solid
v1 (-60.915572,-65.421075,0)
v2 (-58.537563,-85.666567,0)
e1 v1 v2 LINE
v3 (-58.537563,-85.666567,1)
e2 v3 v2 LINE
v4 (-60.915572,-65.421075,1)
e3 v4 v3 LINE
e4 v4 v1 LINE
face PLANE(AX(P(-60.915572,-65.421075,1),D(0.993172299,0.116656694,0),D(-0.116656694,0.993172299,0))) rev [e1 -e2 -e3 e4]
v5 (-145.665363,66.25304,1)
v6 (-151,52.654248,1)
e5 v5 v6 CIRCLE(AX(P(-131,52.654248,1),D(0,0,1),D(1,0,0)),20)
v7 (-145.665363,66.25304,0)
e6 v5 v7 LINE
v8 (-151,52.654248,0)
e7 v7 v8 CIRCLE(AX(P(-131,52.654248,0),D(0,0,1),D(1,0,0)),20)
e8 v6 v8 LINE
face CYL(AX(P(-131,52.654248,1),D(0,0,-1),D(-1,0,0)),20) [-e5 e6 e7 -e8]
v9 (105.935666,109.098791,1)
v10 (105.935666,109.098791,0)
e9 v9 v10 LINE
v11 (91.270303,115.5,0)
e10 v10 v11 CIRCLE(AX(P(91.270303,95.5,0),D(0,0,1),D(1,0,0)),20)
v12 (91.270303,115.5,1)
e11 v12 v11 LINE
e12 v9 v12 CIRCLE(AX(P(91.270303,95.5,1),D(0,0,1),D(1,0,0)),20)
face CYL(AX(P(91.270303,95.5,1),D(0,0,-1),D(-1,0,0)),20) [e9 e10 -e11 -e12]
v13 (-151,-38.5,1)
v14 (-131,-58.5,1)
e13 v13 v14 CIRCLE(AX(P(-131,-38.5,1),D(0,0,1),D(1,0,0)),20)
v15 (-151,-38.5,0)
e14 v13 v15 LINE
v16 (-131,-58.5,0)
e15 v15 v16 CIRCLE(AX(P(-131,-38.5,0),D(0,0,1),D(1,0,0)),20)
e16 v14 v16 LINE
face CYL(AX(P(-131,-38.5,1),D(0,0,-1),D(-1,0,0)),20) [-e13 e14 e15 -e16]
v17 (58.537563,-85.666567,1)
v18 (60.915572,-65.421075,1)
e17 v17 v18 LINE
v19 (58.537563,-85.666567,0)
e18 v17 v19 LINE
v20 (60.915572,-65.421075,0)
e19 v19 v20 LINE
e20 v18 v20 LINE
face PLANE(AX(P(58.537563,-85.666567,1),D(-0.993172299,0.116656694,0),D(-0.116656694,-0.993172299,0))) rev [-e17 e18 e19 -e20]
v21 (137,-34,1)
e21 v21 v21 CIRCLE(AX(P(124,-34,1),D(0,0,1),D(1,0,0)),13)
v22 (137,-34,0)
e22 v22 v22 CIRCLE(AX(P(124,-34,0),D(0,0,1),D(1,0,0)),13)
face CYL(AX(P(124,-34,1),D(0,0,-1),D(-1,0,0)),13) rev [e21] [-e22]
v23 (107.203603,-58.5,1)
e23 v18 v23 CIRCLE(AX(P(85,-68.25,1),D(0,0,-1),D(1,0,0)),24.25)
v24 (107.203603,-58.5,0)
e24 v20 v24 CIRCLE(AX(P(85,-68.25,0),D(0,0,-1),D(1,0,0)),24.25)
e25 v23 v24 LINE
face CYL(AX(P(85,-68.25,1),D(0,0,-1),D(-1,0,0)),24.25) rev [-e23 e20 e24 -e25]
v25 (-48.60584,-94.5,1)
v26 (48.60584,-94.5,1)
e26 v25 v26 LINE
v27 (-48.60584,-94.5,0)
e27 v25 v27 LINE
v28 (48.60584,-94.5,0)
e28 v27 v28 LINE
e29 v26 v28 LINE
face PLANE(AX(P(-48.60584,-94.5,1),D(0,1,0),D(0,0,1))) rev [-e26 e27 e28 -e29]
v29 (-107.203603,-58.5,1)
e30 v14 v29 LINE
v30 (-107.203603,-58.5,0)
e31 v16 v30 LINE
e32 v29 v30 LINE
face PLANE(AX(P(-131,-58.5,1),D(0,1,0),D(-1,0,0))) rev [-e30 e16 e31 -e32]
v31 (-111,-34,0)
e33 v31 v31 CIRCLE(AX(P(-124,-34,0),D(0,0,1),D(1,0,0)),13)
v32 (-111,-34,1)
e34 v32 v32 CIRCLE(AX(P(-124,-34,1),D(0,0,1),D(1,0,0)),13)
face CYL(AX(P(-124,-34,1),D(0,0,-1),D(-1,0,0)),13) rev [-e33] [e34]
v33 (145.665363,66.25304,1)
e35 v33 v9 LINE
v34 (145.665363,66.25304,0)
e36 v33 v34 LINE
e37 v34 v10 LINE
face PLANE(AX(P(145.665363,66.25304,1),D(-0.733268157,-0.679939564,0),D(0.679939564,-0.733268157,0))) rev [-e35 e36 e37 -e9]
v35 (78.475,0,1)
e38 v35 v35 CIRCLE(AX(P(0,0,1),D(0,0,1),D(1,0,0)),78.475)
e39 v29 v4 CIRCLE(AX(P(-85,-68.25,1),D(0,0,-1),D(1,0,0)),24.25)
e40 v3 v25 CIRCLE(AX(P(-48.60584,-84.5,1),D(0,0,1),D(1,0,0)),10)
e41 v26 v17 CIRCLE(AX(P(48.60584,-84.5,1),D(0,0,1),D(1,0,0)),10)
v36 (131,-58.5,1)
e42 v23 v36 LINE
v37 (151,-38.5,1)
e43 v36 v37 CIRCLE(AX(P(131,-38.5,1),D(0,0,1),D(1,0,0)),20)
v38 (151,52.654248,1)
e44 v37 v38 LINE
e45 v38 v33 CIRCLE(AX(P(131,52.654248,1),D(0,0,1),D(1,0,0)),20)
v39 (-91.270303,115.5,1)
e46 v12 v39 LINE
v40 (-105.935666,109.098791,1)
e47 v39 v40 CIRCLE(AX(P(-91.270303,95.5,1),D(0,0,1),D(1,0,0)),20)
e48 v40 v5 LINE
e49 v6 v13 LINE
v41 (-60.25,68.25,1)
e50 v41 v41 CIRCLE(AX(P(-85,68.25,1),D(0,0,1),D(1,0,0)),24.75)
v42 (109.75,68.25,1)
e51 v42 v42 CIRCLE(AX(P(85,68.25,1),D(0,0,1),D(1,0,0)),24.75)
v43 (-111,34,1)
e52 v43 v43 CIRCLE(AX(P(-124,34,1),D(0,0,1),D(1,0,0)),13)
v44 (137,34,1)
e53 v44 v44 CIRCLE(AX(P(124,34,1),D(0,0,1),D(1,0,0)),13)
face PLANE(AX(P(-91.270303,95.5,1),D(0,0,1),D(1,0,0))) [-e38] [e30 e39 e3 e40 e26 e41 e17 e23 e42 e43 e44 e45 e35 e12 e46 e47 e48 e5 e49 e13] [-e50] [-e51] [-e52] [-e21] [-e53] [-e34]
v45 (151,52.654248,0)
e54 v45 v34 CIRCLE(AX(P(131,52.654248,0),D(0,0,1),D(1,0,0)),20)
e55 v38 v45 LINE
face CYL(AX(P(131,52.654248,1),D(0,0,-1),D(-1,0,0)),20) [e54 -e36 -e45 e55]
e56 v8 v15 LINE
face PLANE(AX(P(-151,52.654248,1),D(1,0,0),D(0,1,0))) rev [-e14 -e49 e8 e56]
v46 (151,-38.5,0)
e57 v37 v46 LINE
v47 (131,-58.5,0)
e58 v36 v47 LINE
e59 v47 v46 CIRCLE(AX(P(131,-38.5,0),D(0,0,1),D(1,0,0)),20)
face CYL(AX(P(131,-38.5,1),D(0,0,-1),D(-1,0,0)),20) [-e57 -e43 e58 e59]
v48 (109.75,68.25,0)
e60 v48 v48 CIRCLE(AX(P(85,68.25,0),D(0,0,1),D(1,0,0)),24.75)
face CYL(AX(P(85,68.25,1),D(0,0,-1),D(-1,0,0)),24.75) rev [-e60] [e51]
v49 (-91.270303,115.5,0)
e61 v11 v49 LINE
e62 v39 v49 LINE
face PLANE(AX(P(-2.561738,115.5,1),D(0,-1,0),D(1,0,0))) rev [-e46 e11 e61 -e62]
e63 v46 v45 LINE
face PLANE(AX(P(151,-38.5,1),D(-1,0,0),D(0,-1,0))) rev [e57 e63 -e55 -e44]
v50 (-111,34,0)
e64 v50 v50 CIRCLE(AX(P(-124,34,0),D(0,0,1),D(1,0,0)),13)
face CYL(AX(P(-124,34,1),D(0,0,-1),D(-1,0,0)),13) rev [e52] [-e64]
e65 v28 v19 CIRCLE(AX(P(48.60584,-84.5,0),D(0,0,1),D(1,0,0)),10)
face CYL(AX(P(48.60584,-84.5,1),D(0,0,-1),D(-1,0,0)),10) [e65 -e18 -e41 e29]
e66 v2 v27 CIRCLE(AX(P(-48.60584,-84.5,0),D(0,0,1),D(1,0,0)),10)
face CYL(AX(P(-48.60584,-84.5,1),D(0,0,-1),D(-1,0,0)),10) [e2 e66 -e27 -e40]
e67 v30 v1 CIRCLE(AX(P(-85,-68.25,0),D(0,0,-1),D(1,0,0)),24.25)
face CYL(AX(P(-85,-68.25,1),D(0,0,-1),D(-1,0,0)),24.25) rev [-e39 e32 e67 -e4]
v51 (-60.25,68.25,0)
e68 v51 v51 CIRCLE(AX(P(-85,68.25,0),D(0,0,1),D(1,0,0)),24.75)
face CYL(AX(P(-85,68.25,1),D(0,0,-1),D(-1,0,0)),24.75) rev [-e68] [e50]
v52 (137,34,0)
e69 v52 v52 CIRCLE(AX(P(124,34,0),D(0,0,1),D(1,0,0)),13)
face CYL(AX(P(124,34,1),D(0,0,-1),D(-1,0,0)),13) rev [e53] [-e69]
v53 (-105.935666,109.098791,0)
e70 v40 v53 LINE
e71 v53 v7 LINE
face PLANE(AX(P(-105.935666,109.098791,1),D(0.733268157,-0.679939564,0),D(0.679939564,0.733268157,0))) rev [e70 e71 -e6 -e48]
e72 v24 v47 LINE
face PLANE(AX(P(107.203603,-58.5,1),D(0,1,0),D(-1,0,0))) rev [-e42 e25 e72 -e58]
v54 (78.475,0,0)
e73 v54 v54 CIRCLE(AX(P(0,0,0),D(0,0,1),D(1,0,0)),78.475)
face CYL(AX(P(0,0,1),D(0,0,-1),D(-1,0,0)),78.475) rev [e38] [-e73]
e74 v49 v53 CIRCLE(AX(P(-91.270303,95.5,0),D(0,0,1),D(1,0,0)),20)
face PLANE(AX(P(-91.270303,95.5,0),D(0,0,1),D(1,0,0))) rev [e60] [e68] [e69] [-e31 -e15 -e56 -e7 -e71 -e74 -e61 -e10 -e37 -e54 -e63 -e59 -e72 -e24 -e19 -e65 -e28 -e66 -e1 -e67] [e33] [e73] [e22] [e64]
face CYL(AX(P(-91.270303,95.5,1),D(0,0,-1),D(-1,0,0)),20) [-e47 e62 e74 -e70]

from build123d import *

# Parameters (mm, degrees)
SKETCH1_R           = 24.75
SKETCH1_R_2         = 13
SKETCH1_R_3         = 78.475
BOSS_EXTRUDE1_DEPTH = 1


with BuildPart() as part:
    # Sketch1 → Boss-Extrude1 (new body)
    with BuildSketch(Plane.XY):
        with BuildLine():
            Line((-2.561737691, 115.5), (-91.270303138, 115.5))
            ThreePointArc((-91.270303138, 115.5), (-99.271058557, 113.829973069), (-105.935666275, 109.098791272))
            Line((-105.935666275, 109.098791272), (-145.665363137, 66.253039754))
            ThreePointArc((-145.665363137, 66.253039754), (-149.618636668, 59.958108327), (-151, 52.654248482))
            Line((-151, 52.654248482), (-151, -38.5))
            ThreePointArc((-151, -38.5), (-145.142135624, -52.642135624), (-131, -58.5))
            Line((-131, -58.5), (-107.203603311, -58.5))
            ThreePointArc((-107.203603311, -58.5), (-81.413958175, -44.266614), (-60.915571747, -65.421075164))
            Line((-60.915571747, -65.421075164), (-58.537563271, -85.666566943))
            ThreePointArc((-58.537563271, -85.666566943), (-55.251678473, -91.972137225), (-48.60584028, -94.5))
            Line((-48.60584028, -94.5), (48.60584028, -94.5))
            ThreePointArc((48.60584028, -94.5), (55.251678473, -91.972137225), (58.537563271, -85.666566943))
            Line((58.537563271, -85.666566943), (60.915571747, -65.421075164))
            ThreePointArc((60.915571747, -65.421075164), (81.413958175, -44.266614), (107.203603311, -58.5))
            Line((107.203603311, -58.5), (131, -58.5))
            ThreePointArc((131, -58.5), (145.142135624, -52.642135624), (151, -38.5))
            Line((151, -38.5), (151, 52.654248482))
            ThreePointArc((151, 52.654248482), (149.618636668, 59.958108327), (145.665363137, 66.253039754))
            Line((145.665363137, 66.253039754), (105.935666275, 109.098791272))
            ThreePointArc((105.935666275, 109.098791272), (99.271058557, 113.829973069), (91.270303138, 115.5))
            Line((91.270303138, 115.5), (-2.561737691, 115.5))
        make_face()
        with Locations((-85, 68.25)):
            Circle(SKETCH1_R, mode=Mode.SUBTRACT)
        with Locations((85, 68.25)):
            Circle(SKETCH1_R, mode=Mode.SUBTRACT)
        with Locations((124, -34)):
            Circle(SKETCH1_R_2, mode=Mode.SUBTRACT)
        with Locations((124, 34)):
            Circle(SKETCH1_R_2, mode=Mode.SUBTRACT)
        with Locations((-124, 34)):
            Circle(SKETCH1_R_2, mode=Mode.SUBTRACT)
        with Locations((-124, -34)):
            Circle(SKETCH1_R_2, mode=Mode.SUBTRACT)
        Circle(SKETCH1_R_3, mode=Mode.SUBTRACT)
    extrude(amount=BOSS_EXTRUDE1_DEPTH)


solid = part.part
